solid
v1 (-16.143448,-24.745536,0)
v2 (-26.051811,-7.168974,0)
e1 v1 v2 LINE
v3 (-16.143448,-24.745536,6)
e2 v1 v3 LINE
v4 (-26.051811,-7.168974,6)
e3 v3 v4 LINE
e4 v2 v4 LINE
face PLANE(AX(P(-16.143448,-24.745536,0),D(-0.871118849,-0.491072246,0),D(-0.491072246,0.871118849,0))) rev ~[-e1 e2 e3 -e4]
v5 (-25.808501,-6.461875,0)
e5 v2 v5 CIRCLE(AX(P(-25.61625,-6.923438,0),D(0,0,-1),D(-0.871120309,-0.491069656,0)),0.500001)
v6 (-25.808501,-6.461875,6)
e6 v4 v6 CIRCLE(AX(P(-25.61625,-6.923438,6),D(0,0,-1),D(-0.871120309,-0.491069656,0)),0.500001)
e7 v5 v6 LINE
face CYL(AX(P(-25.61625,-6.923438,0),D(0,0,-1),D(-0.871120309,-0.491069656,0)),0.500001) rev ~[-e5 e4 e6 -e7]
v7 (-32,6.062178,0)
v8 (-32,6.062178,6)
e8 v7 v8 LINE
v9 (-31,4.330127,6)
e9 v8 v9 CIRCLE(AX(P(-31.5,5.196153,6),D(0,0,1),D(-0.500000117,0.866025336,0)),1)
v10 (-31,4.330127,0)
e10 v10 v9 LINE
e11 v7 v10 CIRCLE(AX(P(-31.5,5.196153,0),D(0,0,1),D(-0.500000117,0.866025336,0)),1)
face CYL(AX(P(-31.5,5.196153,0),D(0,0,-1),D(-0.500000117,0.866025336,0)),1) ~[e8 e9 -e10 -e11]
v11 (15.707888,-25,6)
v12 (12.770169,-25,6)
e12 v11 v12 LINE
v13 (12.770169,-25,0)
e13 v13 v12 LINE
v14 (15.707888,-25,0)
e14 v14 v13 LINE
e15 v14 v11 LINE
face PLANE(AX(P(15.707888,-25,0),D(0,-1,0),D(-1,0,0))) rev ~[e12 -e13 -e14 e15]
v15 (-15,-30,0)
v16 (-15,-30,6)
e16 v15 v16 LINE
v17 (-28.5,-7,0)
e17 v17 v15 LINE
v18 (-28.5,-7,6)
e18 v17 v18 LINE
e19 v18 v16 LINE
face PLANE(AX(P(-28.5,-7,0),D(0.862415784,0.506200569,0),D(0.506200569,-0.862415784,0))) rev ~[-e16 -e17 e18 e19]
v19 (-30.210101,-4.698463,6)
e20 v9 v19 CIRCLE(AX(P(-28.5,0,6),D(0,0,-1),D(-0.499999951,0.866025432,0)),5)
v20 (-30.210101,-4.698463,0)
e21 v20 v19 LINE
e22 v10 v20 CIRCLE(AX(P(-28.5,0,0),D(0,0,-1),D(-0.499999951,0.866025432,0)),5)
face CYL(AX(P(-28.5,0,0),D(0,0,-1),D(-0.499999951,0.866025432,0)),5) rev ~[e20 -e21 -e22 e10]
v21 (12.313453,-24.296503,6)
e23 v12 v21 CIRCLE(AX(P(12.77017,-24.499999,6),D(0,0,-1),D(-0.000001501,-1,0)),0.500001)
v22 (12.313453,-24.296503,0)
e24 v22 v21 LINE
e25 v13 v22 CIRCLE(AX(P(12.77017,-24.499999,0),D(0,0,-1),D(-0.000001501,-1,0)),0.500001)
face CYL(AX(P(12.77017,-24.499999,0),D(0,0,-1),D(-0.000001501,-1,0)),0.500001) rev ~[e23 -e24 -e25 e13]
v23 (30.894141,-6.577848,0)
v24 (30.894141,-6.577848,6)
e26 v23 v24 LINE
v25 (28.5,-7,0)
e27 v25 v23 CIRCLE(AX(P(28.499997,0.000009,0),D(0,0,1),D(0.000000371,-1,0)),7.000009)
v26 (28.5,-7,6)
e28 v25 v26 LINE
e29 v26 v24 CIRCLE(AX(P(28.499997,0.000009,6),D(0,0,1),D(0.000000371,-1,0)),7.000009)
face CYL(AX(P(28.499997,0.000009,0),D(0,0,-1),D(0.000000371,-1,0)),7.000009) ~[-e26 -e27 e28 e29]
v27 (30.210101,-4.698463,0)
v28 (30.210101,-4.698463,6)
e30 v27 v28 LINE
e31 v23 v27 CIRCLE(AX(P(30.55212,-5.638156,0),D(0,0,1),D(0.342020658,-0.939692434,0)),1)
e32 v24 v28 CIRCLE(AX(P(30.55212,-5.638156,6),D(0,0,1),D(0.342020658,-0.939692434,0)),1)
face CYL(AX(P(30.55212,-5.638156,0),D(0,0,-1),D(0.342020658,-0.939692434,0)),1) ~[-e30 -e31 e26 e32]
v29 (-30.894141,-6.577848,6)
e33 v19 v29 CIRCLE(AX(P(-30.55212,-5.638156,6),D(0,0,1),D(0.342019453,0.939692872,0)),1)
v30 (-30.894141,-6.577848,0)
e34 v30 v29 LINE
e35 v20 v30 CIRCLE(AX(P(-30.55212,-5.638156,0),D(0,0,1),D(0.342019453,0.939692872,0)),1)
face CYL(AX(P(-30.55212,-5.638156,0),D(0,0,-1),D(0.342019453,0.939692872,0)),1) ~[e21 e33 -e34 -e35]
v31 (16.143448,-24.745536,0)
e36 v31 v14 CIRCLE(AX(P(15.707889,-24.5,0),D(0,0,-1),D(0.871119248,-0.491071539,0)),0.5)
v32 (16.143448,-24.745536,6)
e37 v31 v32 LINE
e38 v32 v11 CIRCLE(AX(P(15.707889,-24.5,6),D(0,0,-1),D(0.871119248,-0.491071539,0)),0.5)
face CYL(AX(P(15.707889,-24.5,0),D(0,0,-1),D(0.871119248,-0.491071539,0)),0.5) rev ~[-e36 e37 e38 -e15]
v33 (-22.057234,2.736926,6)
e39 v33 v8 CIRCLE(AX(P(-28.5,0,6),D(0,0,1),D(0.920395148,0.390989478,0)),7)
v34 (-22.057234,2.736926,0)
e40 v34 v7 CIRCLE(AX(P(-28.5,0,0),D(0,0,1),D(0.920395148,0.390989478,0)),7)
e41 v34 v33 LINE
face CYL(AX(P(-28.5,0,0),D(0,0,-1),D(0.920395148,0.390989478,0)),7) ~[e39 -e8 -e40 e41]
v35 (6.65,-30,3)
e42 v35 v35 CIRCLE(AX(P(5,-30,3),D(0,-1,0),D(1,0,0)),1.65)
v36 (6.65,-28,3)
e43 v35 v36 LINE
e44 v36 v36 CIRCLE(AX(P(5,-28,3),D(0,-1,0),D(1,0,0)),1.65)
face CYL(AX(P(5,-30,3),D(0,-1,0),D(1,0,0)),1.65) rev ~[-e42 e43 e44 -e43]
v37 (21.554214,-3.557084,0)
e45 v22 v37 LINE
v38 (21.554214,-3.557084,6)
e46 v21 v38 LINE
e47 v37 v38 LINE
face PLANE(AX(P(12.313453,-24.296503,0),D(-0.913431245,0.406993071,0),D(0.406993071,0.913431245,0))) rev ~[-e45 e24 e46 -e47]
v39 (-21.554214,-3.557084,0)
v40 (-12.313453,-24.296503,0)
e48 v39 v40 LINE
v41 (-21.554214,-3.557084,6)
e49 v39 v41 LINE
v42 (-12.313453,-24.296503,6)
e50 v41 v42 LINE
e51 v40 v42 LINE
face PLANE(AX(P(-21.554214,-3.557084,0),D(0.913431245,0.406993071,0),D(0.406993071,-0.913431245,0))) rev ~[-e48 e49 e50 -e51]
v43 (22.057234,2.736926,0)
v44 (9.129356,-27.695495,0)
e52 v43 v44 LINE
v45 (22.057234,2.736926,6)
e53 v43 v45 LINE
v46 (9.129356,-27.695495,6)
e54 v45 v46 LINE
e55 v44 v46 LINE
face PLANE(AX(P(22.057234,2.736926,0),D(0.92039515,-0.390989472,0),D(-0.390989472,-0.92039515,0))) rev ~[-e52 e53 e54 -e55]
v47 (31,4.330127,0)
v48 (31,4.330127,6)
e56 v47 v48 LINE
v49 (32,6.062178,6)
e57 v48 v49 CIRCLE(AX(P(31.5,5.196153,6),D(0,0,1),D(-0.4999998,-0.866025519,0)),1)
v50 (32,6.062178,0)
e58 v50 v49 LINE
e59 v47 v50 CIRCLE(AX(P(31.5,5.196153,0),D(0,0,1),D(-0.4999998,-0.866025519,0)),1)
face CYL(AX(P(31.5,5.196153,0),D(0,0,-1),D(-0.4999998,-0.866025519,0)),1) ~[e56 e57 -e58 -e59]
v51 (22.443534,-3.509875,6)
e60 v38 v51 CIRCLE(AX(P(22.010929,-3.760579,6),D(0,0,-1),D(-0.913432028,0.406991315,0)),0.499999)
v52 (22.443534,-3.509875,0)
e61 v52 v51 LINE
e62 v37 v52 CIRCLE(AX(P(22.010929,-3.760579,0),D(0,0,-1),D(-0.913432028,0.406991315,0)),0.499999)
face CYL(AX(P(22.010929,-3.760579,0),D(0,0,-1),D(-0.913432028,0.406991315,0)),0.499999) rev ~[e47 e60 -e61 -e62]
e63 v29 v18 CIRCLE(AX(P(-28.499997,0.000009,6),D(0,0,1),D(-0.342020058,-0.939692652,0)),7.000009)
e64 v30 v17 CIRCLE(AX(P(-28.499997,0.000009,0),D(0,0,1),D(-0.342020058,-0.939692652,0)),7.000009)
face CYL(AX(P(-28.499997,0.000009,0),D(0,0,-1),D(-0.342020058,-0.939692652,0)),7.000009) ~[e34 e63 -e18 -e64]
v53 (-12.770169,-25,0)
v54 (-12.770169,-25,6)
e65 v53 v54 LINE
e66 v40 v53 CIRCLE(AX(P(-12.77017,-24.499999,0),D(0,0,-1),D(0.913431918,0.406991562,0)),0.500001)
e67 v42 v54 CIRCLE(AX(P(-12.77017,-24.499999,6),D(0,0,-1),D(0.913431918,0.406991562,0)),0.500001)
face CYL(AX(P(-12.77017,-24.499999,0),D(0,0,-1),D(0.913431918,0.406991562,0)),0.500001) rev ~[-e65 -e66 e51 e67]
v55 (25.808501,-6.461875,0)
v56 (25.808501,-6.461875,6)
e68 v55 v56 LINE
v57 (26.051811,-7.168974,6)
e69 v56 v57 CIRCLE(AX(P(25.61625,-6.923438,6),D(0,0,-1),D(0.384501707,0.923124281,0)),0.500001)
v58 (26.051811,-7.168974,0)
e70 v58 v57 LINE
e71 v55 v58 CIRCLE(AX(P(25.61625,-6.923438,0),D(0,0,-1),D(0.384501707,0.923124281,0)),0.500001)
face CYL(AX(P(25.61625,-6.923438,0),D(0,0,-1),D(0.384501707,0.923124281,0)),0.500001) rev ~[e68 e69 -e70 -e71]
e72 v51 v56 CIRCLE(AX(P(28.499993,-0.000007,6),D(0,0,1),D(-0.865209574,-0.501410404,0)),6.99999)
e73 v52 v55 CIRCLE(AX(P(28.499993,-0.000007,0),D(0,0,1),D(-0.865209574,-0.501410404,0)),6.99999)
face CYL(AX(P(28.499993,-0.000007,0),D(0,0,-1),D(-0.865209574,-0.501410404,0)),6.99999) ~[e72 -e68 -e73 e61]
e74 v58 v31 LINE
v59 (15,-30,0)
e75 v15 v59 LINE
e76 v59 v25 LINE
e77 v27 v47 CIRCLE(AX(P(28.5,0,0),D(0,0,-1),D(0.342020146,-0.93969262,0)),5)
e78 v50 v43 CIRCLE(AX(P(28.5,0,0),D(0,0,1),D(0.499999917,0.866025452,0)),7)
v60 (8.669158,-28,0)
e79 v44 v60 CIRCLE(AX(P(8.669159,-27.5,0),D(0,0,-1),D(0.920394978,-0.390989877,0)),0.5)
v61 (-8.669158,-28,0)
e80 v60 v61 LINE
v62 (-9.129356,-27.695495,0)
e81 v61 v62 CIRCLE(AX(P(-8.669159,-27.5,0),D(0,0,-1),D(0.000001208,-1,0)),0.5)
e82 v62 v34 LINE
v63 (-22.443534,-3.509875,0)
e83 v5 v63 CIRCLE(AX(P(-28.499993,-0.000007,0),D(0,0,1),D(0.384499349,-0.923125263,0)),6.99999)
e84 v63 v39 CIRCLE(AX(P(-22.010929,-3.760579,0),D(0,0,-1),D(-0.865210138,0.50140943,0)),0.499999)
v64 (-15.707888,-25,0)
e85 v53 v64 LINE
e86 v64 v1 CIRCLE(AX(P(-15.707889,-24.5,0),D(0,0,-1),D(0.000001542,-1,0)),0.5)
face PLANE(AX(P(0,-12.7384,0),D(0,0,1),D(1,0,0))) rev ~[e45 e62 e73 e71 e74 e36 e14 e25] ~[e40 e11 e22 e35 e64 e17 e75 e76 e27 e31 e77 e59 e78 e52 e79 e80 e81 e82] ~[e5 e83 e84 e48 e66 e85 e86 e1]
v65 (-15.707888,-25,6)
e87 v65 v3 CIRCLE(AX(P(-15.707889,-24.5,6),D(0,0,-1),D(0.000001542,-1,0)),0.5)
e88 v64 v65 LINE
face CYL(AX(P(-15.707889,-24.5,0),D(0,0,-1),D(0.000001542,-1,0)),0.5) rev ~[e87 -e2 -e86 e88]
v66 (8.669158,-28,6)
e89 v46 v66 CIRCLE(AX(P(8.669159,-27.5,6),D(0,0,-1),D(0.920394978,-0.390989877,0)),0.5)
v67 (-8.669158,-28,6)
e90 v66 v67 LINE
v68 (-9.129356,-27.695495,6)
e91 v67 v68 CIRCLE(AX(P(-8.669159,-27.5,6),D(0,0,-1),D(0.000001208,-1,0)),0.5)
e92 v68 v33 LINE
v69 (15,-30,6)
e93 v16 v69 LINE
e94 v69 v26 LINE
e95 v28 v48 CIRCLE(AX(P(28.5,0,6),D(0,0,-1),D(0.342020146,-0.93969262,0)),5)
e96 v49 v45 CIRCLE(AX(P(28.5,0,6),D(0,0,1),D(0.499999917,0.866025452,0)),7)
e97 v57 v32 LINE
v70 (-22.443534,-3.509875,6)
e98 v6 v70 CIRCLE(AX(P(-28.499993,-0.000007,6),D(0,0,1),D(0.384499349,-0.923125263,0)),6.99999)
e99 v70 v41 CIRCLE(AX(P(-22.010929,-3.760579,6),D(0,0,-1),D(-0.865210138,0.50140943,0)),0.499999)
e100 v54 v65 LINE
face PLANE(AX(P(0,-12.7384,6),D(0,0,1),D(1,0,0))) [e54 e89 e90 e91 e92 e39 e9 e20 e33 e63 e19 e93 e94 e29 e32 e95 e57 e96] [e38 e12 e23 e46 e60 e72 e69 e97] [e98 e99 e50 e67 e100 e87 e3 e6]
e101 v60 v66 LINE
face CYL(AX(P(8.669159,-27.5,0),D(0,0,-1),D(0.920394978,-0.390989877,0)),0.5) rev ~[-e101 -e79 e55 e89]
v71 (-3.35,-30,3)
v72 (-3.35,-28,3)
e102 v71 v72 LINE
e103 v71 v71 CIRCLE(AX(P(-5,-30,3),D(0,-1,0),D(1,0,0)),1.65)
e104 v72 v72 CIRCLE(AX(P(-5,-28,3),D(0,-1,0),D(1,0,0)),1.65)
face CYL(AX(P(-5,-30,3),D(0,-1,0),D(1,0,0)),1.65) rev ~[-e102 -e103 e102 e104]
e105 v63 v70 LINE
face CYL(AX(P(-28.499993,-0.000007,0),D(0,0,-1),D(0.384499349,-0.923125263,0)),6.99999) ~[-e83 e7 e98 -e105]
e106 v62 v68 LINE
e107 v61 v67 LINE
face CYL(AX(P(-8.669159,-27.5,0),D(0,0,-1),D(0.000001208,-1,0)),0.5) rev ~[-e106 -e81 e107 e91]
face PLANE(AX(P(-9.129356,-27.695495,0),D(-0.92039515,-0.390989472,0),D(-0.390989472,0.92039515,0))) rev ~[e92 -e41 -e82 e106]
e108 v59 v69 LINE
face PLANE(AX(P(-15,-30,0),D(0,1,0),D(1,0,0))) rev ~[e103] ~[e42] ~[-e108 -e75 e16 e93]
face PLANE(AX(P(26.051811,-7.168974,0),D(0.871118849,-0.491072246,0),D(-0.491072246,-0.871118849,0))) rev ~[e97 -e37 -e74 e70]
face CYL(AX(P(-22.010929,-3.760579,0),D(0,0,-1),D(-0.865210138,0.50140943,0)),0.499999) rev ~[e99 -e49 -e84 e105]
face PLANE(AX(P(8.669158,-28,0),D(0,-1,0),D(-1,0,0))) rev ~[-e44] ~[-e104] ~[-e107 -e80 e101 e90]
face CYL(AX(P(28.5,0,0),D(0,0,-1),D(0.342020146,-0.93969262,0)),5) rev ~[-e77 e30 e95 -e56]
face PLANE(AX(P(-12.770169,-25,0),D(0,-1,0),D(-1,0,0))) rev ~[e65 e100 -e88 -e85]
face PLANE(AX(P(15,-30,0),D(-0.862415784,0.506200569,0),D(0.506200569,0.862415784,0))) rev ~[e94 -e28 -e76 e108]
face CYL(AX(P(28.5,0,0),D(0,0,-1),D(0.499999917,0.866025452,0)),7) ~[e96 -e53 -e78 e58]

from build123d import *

# Parameters (mm, degrees)
F1_DEPTH = 6
F2_R     = 1.65
F3_DEPTH = 25


with BuildPart() as f1:
    # F0 (on Top) → F1 (new body)
    with BuildSketch(Plane.XY):
        with BuildLine():
            ThreePointArc((-32, 6.062178), (-32.366025, 4.696152), (-31, 4.330127))
            ThreePointArc((-31, 4.330127), (-23.519027, 0.435779), (-30.210101, -4.698463))
            ThreePointArc((-30.210101, -4.698463), (-31.491813, -5.296136), (-30.894141, -6.577848))
            ThreePointArc((-30.894141, -6.577848), (-29.715537, -6.893654), (-28.5, -7))
            Line((-28.5, -7), (-15, -30))
            Line((-15, -30), (0, -30))
            Line((0, -30), (15, -30))
            Line((15, -30), (28.5, -7))
            ThreePointArc((28.5, -7), (29.715537, -6.893654), (30.894141, -6.577848))
            ThreePointArc((30.894141, -6.577848), (31.491813, -5.296136), (30.210101, -4.698463))
            ThreePointArc((30.210101, -4.698463), (23.519027, 0.435779), (31, 4.330127))
            ThreePointArc((31, 4.330127), (32.366025, 4.696152), (32, 6.062178))
            ThreePointArc((32, 6.062178), (26.279799, 6.638577), (22.057234, 2.736926))
            Line((22.057234, 2.736926), (9.129356, -27.695495))
            ThreePointArc((9.129356, -27.695495), (8.945068, -27.916982), (8.669158, -28))
            Line((8.669158, -28), (0, -28))
            Line((0, -28), (-8.669158, -28))
            ThreePointArc((-8.669158, -28), (-8.945068, -27.916982), (-9.129356, -27.695495))
            Line((-9.129356, -27.695495), (-22.057234, 2.736926))
            ThreePointArc((-22.057234, 2.736926), (-26.279799, 6.638577), (-32, 6.062178))
        make_face()
        with BuildLine():
            Line((-16.143448, -24.745536), (-26.051811, -7.168974))
            ThreePointArc((-26.051811, -7.168974), (-26.089044, -6.760752), (-25.808501, -6.461875))
            ThreePointArc((-25.808501, -6.461875), (-23.883692, -5.262101), (-22.443534, -3.509875))
            ThreePointArc((-22.443534, -3.509875), (-21.984425, -3.261283), (-21.554214, -3.557084))
            Line((-21.554214, -3.557084), (-12.313453, -24.296503))
            ThreePointArc((-12.313453, -24.296503), (-12.350796, -24.772261), (-12.770169, -25))
            Line((-12.770169, -25), (-15.707888, -25))
            ThreePointArc((-15.707888, -25), (-15.960111, -24.931722), (-16.143448, -24.745536))
        make_face(mode=Mode.SUBTRACT)
        with BuildLine():
            ThreePointArc((21.554214, -3.557084), (21.984425, -3.261283), (22.443534, -3.509875))
            ThreePointArc((22.443534, -3.509875), (23.883692, -5.262101), (25.808501, -6.461875))
            ThreePointArc((25.808501, -6.461875), (26.089044, -6.760752), (26.051811, -7.168974))
            Line((26.051811, -7.168974), (16.143448, -24.745536))
            ThreePointArc((16.143448, -24.745536), (15.960111, -24.931722), (15.707888, -25))
            Line((15.707888, -25), (12.770169, -25))
            ThreePointArc((12.770169, -25), (12.350796, -24.772261), (12.313453, -24.296503))
            Line((12.313453, -24.296503), (21.554214, -3.557084))
        make_face(mode=Mode.SUBTRACT)
    extrude(amount=F1_DEPTH)

    # F2 (on face) → F3 (cut)
    with BuildSketch(Plane.XZ.offset(30)):
        with Locations((-5, 3)):
            Circle(F2_R)
        with Locations((5, 3)):
            Circle(F2_R)
    extrude(amount=-F3_DEPTH, mode=Mode.SUBTRACT)


solid = f1.part
